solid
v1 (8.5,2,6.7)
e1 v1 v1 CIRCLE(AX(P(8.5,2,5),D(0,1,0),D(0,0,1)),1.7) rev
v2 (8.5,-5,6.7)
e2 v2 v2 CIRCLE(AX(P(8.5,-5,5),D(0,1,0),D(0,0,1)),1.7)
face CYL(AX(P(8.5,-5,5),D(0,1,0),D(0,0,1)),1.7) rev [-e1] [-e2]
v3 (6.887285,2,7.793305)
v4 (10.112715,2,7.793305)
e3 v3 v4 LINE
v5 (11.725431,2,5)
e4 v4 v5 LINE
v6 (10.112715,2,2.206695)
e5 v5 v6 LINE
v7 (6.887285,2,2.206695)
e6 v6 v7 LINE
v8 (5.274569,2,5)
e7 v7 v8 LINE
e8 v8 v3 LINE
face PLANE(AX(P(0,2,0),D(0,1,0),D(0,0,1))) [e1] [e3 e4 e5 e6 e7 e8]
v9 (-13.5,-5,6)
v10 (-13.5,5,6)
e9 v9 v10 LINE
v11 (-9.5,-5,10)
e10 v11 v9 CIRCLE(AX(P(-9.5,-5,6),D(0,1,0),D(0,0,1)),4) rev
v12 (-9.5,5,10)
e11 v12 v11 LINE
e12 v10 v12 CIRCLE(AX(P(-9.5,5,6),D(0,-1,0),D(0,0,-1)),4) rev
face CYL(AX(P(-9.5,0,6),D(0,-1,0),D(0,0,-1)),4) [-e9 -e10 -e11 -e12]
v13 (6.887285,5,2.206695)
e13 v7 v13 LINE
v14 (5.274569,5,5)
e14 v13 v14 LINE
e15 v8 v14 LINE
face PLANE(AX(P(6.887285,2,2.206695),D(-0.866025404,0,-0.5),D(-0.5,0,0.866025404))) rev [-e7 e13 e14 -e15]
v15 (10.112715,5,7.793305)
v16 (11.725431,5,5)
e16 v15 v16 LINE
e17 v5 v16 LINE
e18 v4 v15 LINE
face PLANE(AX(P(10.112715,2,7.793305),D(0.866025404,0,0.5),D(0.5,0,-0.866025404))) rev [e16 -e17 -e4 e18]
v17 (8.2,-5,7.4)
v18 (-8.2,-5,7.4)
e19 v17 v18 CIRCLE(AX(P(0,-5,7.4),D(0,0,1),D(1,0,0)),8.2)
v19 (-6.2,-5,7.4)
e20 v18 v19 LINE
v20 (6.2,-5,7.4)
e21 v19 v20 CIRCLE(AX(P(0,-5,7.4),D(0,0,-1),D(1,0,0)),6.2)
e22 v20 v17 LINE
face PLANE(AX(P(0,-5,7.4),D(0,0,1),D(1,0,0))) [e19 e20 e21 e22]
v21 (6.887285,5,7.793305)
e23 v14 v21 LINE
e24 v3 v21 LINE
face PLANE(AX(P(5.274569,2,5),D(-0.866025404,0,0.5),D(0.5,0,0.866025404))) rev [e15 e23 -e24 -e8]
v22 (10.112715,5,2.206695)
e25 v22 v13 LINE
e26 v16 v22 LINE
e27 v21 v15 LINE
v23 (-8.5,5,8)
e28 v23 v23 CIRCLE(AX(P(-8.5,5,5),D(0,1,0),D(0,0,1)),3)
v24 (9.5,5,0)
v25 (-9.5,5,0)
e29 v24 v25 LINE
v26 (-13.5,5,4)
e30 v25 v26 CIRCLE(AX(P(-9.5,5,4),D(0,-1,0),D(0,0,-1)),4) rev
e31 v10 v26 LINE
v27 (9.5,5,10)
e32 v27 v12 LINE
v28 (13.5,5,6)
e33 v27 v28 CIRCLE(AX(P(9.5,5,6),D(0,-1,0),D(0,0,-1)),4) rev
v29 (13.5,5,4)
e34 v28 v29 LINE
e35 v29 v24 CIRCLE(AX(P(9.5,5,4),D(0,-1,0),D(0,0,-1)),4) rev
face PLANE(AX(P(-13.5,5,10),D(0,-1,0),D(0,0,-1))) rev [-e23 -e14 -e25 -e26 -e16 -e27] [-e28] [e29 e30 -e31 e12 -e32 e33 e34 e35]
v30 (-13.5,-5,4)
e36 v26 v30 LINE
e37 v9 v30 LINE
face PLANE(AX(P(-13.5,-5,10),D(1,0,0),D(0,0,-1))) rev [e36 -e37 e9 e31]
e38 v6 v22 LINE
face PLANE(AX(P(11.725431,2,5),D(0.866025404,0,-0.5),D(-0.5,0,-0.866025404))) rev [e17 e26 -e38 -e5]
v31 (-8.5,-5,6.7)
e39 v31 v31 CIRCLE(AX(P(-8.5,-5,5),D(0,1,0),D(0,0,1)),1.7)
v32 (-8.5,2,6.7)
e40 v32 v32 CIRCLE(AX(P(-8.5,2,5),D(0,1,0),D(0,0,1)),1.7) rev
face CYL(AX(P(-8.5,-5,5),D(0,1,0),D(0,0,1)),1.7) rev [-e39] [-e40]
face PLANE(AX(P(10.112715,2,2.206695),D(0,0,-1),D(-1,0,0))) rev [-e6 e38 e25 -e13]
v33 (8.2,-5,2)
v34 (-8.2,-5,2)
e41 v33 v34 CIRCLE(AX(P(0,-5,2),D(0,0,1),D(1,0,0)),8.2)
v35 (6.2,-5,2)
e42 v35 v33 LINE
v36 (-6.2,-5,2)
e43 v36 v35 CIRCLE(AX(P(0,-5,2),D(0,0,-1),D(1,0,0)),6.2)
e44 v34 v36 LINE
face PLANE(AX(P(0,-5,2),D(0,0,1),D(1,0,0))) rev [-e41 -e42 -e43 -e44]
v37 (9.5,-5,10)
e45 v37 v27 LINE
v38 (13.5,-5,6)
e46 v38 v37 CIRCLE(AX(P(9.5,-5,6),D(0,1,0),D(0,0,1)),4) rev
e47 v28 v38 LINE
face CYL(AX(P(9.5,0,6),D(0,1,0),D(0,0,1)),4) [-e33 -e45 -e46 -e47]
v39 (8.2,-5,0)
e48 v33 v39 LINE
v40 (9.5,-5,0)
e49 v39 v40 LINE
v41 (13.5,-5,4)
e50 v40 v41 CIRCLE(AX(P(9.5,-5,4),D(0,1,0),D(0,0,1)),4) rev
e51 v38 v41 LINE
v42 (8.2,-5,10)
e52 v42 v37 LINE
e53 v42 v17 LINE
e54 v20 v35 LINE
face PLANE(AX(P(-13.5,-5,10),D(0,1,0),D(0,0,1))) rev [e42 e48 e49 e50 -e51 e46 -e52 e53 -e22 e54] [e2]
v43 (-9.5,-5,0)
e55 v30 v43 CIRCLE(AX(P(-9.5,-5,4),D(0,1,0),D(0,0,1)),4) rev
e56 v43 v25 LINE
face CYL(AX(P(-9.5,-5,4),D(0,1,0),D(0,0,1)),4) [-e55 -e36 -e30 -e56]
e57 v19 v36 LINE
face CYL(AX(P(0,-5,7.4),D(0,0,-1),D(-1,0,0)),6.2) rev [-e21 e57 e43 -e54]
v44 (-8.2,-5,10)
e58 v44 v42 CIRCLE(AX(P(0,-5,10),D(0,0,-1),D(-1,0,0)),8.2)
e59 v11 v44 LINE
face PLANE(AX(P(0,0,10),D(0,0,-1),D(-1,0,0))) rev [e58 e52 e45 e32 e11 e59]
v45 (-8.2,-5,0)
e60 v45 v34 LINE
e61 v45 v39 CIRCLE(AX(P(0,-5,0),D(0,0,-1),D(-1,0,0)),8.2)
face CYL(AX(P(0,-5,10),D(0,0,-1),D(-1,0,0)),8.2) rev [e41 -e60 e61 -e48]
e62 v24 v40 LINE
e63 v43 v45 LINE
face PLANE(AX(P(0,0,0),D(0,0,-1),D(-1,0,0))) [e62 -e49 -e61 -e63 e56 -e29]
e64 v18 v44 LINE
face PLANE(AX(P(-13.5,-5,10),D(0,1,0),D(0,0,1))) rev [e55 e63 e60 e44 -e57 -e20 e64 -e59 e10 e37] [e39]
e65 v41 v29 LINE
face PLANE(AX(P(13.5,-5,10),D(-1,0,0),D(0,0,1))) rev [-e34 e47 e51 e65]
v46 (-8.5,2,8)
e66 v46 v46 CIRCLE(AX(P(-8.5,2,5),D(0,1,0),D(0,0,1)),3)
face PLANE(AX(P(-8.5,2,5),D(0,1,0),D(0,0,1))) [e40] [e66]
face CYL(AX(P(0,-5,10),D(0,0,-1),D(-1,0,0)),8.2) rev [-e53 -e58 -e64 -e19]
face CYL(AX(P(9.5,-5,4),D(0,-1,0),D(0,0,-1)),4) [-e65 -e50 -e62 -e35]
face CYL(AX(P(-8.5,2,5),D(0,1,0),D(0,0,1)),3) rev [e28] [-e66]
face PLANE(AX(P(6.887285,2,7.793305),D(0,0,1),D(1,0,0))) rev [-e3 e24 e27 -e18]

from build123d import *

# Parameters (mm, degrees)
SKETCH1_W           = 27
SKETCH1_H           = 10
BOSS_EXTRUDE1_DEPTH = 10
FILLET1_R           = 4
SKETCH4_R           = 8.2
CUT_EXTRUDE3_DEPTH  = 18.528548143
BOSS_EXTRUDE2_START = 2
BOSS_EXTRUDE2_DEPTH = 5.4
SKETCH2_R           = 1.7
CUT_EXTRUDE1_DEPTH  = 20.551214796
SKETCH3_R           = 3
CUT_EXTRUDE2_DEPTH  = 3


with BuildPart() as part:
    # Sketch1 → Boss-Extrude1 (new body)
    with BuildSketch(Plane.XY):
        Rectangle(SKETCH1_W, SKETCH1_H)
    extrude(amount=BOSS_EXTRUDE1_DEPTH)

    # Fillet1
    fillet1_edges = [part.edges().sort_by_distance(p)[0] for p in [
        (-13.5, 0, 10),
        (13.5, 0, 10),
        (-13.5, 0, 0),
        (13.5, 0, 0),
    ]]
    fillet(fillet1_edges, radius=FILLET1_R)

    # Sketch4 → Cut-Extrude3 (cut, through all)
    with BuildSketch(Plane(origin=(0, 0, 0), x_dir=(-1, 0, 0), z_dir=(0, 0, -1))):
        with Locations((0, -5)):
            Circle(SKETCH4_R)
    extrude(amount=-CUT_EXTRUDE3_DEPTH, mode=Mode.SUBTRACT)

    # Sketch5 → Boss-Extrude2 (add)
    with BuildSketch(Plane.XY.offset(BOSS_EXTRUDE2_START)):
        with BuildLine():
            Line((8.2, -5), (6.2, -5))
            ThreePointArc((6.2, -5), (0, 1.2), (-6.2, -5))
            Line((-6.2, -5), (-8.2, -5))
            ThreePointArc((-8.2, -5), (0, 3.2), (8.2, -5))
        make_face()
    extrude(amount=BOSS_EXTRUDE2_DEPTH)

    # Sketch2 → Cut-Extrude1 (cut, through all)
    with BuildSketch(Plane(origin=(0, 5, 0), x_dir=(1, 0, 0), z_dir=(0, 1, 0))):
        with Locations(Location((-8.5, -5, 0), (0, 0, 270))):
            Circle(SKETCH2_R)
        with Locations(Location((8.5, -5, 0), (0, 0, 270))):
            Circle(SKETCH2_R)
    extrude(amount=-CUT_EXTRUDE1_DEPTH, mode=Mode.SUBTRACT)

    # Sketch3 → Cut-Extrude2 (cut)
    with BuildSketch(Plane(origin=(0, 5, 0), x_dir=(1, 0, 0), z_dir=(0, 1, 0))):
        with Locations(Location((-8.5, -5, 0), (0, 0, 270))):
            Circle(SKETCH3_R)
        Polygon((6.887284606, -7.793305), (10.112715394, -7.793305), (11.725430787, -5), (10.112715394, -2.206695), (6.887284606, -2.206695), (5.274569213, -5), align=None)
    extrude(amount=-CUT_EXTRUDE2_DEPTH, mode=Mode.SUBTRACT)


solid = part.part
